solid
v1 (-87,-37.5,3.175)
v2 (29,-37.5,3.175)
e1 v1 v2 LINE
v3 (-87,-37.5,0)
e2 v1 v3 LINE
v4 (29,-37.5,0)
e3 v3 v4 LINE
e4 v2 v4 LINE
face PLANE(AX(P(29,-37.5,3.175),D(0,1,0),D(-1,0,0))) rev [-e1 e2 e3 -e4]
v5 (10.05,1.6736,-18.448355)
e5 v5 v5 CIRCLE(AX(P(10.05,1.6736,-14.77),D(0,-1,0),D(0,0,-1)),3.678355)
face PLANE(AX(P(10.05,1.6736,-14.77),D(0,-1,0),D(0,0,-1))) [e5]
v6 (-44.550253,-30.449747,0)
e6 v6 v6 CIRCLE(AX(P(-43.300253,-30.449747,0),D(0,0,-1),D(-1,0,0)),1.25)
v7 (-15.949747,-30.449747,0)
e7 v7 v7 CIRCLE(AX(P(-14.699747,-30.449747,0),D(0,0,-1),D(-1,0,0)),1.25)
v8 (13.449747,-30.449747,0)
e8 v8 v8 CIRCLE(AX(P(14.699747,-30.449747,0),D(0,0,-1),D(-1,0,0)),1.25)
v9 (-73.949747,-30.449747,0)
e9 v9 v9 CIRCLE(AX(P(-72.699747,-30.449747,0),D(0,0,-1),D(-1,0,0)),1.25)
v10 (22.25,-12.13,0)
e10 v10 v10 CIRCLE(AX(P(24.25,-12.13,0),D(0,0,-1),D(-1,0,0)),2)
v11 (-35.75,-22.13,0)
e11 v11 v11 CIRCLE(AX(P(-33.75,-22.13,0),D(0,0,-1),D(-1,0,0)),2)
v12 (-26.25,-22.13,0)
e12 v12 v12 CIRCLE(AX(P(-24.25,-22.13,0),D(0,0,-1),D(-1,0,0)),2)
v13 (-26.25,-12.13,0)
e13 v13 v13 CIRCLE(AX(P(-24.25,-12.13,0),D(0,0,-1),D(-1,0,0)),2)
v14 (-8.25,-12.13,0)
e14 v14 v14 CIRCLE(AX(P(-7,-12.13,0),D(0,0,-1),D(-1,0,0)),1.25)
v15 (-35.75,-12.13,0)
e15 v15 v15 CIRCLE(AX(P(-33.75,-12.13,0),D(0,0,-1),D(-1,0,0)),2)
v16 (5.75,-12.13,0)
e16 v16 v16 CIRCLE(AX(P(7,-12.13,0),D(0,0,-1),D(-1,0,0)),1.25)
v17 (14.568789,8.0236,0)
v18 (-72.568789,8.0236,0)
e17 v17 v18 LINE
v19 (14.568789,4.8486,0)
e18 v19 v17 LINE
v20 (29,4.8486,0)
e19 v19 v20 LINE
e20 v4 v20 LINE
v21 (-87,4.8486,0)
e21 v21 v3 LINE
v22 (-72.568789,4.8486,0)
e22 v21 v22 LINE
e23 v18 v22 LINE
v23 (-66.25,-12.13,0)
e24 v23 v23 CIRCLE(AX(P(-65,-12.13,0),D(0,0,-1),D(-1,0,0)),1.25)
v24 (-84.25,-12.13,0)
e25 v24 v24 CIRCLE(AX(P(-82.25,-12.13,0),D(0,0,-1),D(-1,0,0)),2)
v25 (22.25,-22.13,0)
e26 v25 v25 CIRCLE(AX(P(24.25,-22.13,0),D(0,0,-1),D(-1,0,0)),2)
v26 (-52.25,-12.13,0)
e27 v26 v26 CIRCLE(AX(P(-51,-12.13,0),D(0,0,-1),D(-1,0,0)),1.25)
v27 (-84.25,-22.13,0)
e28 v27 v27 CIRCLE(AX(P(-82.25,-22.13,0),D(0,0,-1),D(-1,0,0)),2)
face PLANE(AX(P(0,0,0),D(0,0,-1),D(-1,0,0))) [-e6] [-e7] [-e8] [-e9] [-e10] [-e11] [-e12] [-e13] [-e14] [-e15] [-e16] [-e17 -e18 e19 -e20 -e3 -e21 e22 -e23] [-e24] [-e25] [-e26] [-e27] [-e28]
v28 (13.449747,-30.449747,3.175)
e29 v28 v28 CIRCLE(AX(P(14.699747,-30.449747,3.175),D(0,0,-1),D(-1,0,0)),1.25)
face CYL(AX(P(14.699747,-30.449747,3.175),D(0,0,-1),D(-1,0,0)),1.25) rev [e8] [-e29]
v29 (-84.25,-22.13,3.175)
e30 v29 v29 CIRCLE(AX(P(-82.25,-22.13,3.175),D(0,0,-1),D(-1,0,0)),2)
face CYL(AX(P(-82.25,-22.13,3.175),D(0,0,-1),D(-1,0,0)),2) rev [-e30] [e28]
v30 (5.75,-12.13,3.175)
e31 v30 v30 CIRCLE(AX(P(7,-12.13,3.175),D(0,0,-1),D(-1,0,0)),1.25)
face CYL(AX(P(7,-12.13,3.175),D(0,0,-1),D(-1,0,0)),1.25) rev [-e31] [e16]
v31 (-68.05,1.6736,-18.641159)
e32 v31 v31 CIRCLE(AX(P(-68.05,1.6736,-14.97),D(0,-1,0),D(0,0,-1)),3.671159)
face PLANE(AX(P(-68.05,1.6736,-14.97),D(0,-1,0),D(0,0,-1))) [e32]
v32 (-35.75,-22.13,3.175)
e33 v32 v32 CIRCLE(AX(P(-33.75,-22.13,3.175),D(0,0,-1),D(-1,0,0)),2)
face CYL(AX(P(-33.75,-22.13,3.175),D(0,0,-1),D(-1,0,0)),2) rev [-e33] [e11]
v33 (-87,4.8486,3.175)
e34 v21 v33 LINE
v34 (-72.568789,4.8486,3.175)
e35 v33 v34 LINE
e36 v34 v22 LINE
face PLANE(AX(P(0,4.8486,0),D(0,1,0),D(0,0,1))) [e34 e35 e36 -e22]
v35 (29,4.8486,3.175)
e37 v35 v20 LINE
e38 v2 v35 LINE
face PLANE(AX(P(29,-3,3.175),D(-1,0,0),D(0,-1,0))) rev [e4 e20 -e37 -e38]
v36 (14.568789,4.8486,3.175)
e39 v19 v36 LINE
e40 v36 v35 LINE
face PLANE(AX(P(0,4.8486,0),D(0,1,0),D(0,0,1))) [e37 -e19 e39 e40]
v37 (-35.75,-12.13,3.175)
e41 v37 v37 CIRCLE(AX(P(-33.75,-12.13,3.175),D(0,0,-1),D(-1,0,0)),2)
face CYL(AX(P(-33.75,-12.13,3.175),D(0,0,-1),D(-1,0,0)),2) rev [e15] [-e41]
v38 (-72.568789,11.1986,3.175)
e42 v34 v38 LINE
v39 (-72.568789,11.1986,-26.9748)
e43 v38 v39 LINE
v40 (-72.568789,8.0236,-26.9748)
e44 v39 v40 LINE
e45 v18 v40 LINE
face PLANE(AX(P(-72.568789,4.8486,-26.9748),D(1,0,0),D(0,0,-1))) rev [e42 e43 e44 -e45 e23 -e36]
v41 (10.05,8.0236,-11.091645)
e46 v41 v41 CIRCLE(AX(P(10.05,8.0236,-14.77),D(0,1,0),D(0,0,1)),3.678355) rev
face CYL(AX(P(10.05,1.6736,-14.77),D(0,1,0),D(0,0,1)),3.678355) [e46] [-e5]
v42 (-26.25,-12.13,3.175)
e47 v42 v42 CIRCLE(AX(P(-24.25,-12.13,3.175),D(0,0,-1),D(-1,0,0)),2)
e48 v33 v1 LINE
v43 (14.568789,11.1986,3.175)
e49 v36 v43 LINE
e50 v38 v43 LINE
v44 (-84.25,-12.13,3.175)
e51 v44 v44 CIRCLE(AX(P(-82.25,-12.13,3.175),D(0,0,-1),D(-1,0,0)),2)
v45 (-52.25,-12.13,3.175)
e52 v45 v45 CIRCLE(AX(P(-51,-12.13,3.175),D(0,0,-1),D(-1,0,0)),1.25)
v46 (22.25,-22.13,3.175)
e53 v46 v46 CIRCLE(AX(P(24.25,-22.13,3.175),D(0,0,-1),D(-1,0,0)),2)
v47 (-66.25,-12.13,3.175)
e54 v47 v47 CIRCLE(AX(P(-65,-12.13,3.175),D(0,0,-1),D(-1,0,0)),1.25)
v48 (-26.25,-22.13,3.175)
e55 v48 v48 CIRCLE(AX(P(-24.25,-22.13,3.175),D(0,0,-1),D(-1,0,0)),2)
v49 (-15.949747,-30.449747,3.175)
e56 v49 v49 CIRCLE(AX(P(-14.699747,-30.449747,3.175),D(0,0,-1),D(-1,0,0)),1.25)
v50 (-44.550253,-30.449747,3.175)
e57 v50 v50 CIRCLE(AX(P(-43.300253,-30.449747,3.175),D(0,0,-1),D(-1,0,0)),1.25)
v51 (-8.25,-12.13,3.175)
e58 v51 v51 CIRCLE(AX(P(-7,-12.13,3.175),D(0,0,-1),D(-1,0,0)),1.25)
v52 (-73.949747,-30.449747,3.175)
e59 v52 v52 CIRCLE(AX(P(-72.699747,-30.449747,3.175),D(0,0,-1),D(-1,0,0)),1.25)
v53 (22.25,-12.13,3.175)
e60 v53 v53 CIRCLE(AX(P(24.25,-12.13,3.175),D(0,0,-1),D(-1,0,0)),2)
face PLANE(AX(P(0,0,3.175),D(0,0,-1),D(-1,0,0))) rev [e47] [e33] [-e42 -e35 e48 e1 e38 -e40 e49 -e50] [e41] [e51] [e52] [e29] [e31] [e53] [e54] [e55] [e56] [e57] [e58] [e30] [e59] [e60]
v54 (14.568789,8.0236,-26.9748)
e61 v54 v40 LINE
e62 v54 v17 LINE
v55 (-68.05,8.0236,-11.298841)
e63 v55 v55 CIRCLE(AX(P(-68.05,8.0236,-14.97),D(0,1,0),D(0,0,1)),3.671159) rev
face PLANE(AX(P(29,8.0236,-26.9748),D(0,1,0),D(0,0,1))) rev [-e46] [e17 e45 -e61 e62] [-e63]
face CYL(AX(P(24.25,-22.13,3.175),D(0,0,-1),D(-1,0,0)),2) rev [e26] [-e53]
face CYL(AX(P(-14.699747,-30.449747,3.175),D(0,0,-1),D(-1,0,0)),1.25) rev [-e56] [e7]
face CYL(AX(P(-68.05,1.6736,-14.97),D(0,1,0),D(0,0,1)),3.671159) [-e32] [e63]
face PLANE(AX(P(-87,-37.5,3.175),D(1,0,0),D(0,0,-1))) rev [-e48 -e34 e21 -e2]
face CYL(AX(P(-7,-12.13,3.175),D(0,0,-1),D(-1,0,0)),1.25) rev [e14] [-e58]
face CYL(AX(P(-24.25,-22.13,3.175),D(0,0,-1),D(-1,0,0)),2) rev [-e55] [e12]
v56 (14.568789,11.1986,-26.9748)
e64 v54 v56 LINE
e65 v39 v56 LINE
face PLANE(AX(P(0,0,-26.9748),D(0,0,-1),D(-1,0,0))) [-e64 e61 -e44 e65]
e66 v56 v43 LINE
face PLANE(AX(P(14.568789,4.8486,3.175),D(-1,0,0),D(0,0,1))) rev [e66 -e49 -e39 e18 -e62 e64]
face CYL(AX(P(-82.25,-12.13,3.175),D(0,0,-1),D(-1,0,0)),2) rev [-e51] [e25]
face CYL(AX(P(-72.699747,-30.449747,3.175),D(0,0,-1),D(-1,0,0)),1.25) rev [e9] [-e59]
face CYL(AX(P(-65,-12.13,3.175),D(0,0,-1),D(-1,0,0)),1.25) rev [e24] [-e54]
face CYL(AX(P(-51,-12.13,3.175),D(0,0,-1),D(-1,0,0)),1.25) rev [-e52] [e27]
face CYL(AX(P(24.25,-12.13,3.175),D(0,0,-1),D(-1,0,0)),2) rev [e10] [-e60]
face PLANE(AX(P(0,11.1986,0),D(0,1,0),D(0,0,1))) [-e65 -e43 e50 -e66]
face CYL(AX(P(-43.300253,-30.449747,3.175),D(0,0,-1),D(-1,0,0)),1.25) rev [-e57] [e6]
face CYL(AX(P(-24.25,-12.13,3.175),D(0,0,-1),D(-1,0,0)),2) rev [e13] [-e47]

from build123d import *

# Parameters (mm, degrees)
SKETCH1_W           = 116
SKETCH1_H           = 34.5
BOSS_EXTRUDE1_DEPTH = 3.175
SKETCH2_R           = 2
SKETCH2_R_2         = 1.25
CUT_EXTRUDE1_DEPTH  = 95.79098388
SKETCH3_W           = 116
SKETCH3_H           = 3.175
BOSS_EXTRUDE2_DEPTH = 14.1986
SKETCH4_W           = 116
SKETCH4_H           = 3.175
BOSS_EXTRUDE3_DEPTH = 26.9748
SKETCH6_R           = 3.678354521
SKETCH6_R_2         = 3.671158805
BOSS_EXTRUDE4_DEPTH = 6.35
SKETCH7_W           = 14.431210835
SKETCH7_H           = 30.1498
CUT_EXTRUDE2_DEPTH  = 6.35


with BuildPart() as part:
    # Sketch1 → Boss-Extrude1 (new body)
    with BuildSketch(Plane.XY):
        with Locations((-29, -20.25)):
            Rectangle(SKETCH1_W, SKETCH1_H)
    extrude(amount=BOSS_EXTRUDE1_DEPTH)

    # Sketch2 → Cut-Extrude1 (cut, through all)
    with BuildSketch(Plane(origin=(0, 0, 0), x_dir=(-1, 0, 0), z_dir=(0, 0, -1))):
        with Locations((-24.25, -22.13)):
            Circle(SKETCH2_R)
        with Locations((-24.25, -12.13)):
            Circle(SKETCH2_R)
        with Locations((24.25, -12.13)):
            Circle(SKETCH2_R)
        with Locations((24.25, -22.13)):
            Circle(SKETCH2_R)
        with Locations((33.75, -12.13)):
            Circle(SKETCH2_R)
        with Locations((33.75, -22.13)):
            Circle(SKETCH2_R)
        with Locations((82.25, -12.13)):
            Circle(SKETCH2_R)
        with Locations((82.25, -22.13)):
            Circle(SKETCH2_R)
        with Locations((72.699747468, -30.449747468)):
            Circle(SKETCH2_R_2)
        with Locations((65, -12.13)):
            Circle(SKETCH2_R_2)
        with Locations((51, -12.13)):
            Circle(SKETCH2_R_2)
        with Locations((43.300252532, -30.449747468)):
            Circle(SKETCH2_R_2)
        with Locations((14.699747468, -30.449747468)):
            Circle(SKETCH2_R_2)
        with Locations((7, -12.13)):
            Circle(SKETCH2_R_2)
        with Locations((-7, -12.13)):
            Circle(SKETCH2_R_2)
        with Locations((-14.699747468, -30.449747468)):
            Circle(SKETCH2_R_2)
    extrude(amount=-CUT_EXTRUDE1_DEPTH, mode=Mode.SUBTRACT)

    # Sketch3 → Boss-Extrude2 (add)
    with BuildSketch(Plane(origin=(0, -3, 0), x_dir=(1, 0, 0), z_dir=(0, 1, 0))):
        with Locations((-29, -1.5875)):
            Rectangle(SKETCH3_W, SKETCH3_H)
    extrude(amount=BOSS_EXTRUDE2_DEPTH)

    # Sketch4 → Boss-Extrude3 (add)
    with BuildSketch(Plane(origin=(0, 0, 0), x_dir=(-1, 0, 0), z_dir=(0, 0, -1))):
        with Locations((29, 9.6111)):
            Rectangle(SKETCH4_W, SKETCH4_H)
    extrude(amount=BOSS_EXTRUDE3_DEPTH)

    # Sketch6 → Boss-Extrude4 (add)
    with BuildSketch(Plane.XZ.offset(-8.0236)):
        with Locations(Location((10.05, -14.77, 0), (0, 0, 90))):
            Circle(SKETCH6_R)
        with Locations(Location((-68.05, -14.97, 0), (0, 0, 90))):
            Circle(SKETCH6_R_2)
    extrude(amount=BOSS_EXTRUDE4_DEPTH)

    # Sketch7 → Cut-Extrude2 (cut)
    with BuildSketch(Plane(origin=(0, 11.1986, 0), x_dir=(1, 0, 0), z_dir=(0, 1, 0))):
        with Locations((-79.784394582, 11.8999)):
            Rectangle(SKETCH7_W, SKETCH7_H)
        with Locations((21.784394583, 11.8999)):
            Rectangle(SKETCH7_W, SKETCH7_H)
    extrude(amount=-CUT_EXTRUDE2_DEPTH, mode=Mode.SUBTRACT)


solid = part.part
